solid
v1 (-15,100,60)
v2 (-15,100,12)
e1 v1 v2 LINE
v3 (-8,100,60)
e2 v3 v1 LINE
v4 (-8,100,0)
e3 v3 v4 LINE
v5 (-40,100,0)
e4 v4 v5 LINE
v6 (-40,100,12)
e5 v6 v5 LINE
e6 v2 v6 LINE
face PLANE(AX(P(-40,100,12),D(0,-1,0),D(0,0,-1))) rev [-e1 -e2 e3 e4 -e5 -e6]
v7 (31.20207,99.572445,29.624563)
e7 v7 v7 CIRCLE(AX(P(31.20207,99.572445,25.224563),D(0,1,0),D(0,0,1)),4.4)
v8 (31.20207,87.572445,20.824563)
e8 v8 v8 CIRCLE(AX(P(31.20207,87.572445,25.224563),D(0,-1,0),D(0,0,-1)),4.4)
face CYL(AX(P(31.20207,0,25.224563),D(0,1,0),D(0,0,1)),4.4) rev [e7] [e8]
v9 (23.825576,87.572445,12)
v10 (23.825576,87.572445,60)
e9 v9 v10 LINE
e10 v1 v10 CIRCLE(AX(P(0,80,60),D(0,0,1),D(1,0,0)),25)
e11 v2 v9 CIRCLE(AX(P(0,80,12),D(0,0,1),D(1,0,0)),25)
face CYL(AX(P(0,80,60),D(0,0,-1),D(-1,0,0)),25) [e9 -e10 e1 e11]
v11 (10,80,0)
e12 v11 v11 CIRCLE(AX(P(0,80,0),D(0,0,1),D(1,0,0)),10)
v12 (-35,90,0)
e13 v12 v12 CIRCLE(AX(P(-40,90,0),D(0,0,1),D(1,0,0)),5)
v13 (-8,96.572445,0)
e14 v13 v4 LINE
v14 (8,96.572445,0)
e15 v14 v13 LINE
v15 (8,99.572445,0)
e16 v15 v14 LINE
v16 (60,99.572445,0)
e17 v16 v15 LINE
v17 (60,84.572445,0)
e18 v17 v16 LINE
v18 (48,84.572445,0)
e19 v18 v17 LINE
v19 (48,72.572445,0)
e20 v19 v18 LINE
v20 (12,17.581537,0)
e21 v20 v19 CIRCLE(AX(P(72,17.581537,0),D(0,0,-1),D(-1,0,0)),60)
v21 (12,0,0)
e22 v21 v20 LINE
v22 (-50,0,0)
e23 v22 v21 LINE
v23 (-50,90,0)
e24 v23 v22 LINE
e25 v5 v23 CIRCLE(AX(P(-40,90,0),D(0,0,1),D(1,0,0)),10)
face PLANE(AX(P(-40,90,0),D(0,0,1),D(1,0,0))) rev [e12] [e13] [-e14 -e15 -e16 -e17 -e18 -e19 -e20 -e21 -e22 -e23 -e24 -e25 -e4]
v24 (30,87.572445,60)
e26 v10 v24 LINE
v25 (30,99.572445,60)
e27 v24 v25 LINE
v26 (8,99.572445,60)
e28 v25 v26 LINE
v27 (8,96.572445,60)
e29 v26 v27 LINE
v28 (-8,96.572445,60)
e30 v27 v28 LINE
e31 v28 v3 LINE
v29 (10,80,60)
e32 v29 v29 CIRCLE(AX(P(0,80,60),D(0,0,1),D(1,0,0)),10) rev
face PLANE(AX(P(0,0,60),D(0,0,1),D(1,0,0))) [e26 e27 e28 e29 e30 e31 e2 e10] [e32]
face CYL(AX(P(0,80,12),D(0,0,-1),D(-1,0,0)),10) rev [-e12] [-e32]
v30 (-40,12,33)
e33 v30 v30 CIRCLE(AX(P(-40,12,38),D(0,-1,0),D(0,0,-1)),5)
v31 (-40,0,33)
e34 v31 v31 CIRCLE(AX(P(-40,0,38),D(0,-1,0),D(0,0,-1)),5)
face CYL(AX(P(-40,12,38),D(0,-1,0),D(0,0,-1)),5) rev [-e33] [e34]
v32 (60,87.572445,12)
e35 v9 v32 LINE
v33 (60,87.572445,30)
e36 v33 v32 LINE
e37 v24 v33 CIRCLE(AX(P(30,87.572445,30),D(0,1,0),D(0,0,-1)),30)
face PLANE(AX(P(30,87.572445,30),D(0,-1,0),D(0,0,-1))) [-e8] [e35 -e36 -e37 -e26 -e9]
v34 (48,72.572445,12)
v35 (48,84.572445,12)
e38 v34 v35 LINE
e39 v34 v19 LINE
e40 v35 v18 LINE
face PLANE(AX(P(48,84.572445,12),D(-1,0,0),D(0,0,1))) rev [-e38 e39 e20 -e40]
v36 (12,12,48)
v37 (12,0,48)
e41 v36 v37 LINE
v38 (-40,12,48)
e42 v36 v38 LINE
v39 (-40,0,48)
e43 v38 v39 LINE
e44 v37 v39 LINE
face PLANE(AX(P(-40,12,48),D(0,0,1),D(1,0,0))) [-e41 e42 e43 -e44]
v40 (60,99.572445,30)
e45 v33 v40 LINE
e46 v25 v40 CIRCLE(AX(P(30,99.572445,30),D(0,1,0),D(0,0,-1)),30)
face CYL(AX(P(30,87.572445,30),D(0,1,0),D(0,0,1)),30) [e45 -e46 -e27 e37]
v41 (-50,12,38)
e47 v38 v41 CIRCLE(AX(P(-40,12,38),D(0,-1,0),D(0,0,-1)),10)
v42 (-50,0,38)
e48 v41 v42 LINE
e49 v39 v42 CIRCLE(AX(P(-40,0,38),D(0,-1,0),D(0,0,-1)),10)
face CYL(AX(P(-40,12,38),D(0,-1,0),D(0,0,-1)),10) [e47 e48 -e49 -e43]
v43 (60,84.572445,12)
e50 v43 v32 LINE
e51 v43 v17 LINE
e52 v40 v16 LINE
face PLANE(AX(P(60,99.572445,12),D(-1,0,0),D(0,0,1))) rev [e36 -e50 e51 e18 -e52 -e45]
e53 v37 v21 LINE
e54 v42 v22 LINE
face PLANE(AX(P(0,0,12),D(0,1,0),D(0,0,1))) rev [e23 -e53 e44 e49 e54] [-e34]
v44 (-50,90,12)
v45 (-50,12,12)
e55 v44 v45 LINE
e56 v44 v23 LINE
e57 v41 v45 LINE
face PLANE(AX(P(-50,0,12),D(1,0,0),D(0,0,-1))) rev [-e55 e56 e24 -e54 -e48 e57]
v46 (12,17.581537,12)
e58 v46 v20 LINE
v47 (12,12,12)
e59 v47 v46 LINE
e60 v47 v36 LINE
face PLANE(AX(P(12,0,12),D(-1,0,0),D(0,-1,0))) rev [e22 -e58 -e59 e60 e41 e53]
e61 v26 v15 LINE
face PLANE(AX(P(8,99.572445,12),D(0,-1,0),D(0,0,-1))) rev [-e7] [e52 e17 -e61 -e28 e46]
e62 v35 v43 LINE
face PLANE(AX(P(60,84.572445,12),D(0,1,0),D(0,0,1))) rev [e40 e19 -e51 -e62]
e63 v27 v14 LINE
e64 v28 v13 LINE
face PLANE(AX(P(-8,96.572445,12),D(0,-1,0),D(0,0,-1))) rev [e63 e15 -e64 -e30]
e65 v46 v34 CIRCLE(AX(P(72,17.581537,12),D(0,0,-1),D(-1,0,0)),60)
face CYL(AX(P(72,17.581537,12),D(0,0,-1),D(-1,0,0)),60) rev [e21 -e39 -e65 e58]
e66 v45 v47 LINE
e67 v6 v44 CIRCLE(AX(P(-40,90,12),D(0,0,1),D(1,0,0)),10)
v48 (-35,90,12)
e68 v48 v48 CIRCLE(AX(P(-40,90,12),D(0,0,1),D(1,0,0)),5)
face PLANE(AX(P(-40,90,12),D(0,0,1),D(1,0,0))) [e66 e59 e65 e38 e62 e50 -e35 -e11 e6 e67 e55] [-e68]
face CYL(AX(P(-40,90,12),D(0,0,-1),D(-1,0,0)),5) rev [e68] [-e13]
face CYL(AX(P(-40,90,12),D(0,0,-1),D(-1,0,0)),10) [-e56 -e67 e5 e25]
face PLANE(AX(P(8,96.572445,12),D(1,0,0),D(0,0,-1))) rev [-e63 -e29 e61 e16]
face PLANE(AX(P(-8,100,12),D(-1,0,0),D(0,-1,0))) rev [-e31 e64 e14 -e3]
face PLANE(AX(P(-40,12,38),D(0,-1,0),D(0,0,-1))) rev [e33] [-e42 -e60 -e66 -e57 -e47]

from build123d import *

# Parameters (mm, degrees)
SKETCH2_R           = 5
SKETCH2_R_2         = 10
BOSS_EXTRUDE2_DEPTH = 12
SKETCH3_R           = 5
BOSS_EXTRUDE3_DEPTH = 12
SKETCH4_R           = 10
BOSS_EXTRUDE4_DEPTH = 48
BOSS_EXTRUDE5_DEPTH = 12
SKETCH6_R           = 4.4
CUT_EXTRUDE1_DEPTH  = 100.572444927


with BuildPart() as part:
    # Sketch2 → Boss-Extrude2 (new body)
    with BuildSketch(Plane.XY):
        with BuildLine():
            Line((0, 0), (-50, 0))
            Line((-50, 0), (-50, 90))
            ThreePointArc((-50, 90), (-47.071067812, 97.071067812), (-40, 100))
            Line((-40, 100), (-8, 100))
            Line((-8, 100), (-8, 96.572444927))
            Line((-8, 96.572444927), (8, 96.572444927))
            Line((8, 96.572444927), (8, 99.572444927))
            Line((8, 99.572444927), (60, 99.572444927))
            Line((60, 99.572444927), (60, 84.572444927))
            Line((60, 84.572444927), (48, 84.572444927))
            Line((48, 84.572444927), (48, 72.572444927))
            ThreePointArc((48, 72.572444927), (21.800398408, 50.444890038), (12, 17.581536588))
            Line((12, 17.581536588), (12, 0))
            Line((12, 0), (0, 0))
        make_face()
        with Locations((-40, 90)):
            Circle(SKETCH2_R, mode=Mode.SUBTRACT)
        with Locations((0, 80)):
            Circle(SKETCH2_R_2, mode=Mode.SUBTRACT)
    extrude(amount=BOSS_EXTRUDE2_DEPTH)

    # Sketch3 → Boss-Extrude3 (add)
    with BuildSketch(Plane.XZ):
        with BuildLine():
            Line((-50, 0), (-50, 38))
            ThreePointArc((-50, 38), (-47.071067812, 45.071067812), (-40, 48))
            Line((-40, 48), (12, 48))
            Line((12, 48), (12, 0))
            Line((12, 0), (-50, 0))
        make_face()
        with Locations((-40, 38)):
            Circle(SKETCH3_R, mode=Mode.SUBTRACT)
    extrude(amount=-BOSS_EXTRUDE3_DEPTH)

    # Sketch4 → Boss-Extrude4 (add)
    with BuildSketch(Plane.XY.offset(12)):
        with BuildLine():
            ThreePointArc((-15, 100), (-0.349804116, 55.002447378), (15.553758374, 99.572444927))
            Line((15.553758374, 99.572444927), (8, 99.572444927))
            Line((8, 99.572444927), (8, 96.572444927))
            Line((8, 96.572444927), (-8, 96.572444927))
            Line((-8, 96.572444927), (-8, 100))
            Line((-8, 100), (-15, 100))
        make_face()
        with Locations((0, 80)):
            Circle(SKETCH4_R, mode=Mode.SUBTRACT)
    extrude(amount=BOSS_EXTRUDE4_DEPTH)

    # Sketch5 → Boss-Extrude5 (add)
    with BuildSketch(Plane(origin=(0, 99.572444927, 0), x_dir=(1, 0, 0), z_dir=(0, 1, 0))):
        with BuildLine():
            Line((8, -60), (8, 0))
            Line((8, 0), (60, 0))
            Line((60, 0), (60, -12))
            Line((60, -12), (60, -30))
            ThreePointArc((60, -30), (51.213203436, -51.213203436), (30, -60))
            Line((30, -60), (8, -60))
        make_face()
    extrude(amount=-BOSS_EXTRUDE5_DEPTH)

    # Sketch6 → Cut-Extrude1 (cut, through all)
    with BuildSketch(Plane(origin=(0, 99.572444927, 0), x_dir=(1, 0, 0), z_dir=(0, 1, 0))):
        with Locations((31.202070331, -25.224562722)):
            Circle(SKETCH6_R)
    extrude(amount=-CUT_EXTRUDE1_DEPTH, mode=Mode.SUBTRACT)


solid = part.part
